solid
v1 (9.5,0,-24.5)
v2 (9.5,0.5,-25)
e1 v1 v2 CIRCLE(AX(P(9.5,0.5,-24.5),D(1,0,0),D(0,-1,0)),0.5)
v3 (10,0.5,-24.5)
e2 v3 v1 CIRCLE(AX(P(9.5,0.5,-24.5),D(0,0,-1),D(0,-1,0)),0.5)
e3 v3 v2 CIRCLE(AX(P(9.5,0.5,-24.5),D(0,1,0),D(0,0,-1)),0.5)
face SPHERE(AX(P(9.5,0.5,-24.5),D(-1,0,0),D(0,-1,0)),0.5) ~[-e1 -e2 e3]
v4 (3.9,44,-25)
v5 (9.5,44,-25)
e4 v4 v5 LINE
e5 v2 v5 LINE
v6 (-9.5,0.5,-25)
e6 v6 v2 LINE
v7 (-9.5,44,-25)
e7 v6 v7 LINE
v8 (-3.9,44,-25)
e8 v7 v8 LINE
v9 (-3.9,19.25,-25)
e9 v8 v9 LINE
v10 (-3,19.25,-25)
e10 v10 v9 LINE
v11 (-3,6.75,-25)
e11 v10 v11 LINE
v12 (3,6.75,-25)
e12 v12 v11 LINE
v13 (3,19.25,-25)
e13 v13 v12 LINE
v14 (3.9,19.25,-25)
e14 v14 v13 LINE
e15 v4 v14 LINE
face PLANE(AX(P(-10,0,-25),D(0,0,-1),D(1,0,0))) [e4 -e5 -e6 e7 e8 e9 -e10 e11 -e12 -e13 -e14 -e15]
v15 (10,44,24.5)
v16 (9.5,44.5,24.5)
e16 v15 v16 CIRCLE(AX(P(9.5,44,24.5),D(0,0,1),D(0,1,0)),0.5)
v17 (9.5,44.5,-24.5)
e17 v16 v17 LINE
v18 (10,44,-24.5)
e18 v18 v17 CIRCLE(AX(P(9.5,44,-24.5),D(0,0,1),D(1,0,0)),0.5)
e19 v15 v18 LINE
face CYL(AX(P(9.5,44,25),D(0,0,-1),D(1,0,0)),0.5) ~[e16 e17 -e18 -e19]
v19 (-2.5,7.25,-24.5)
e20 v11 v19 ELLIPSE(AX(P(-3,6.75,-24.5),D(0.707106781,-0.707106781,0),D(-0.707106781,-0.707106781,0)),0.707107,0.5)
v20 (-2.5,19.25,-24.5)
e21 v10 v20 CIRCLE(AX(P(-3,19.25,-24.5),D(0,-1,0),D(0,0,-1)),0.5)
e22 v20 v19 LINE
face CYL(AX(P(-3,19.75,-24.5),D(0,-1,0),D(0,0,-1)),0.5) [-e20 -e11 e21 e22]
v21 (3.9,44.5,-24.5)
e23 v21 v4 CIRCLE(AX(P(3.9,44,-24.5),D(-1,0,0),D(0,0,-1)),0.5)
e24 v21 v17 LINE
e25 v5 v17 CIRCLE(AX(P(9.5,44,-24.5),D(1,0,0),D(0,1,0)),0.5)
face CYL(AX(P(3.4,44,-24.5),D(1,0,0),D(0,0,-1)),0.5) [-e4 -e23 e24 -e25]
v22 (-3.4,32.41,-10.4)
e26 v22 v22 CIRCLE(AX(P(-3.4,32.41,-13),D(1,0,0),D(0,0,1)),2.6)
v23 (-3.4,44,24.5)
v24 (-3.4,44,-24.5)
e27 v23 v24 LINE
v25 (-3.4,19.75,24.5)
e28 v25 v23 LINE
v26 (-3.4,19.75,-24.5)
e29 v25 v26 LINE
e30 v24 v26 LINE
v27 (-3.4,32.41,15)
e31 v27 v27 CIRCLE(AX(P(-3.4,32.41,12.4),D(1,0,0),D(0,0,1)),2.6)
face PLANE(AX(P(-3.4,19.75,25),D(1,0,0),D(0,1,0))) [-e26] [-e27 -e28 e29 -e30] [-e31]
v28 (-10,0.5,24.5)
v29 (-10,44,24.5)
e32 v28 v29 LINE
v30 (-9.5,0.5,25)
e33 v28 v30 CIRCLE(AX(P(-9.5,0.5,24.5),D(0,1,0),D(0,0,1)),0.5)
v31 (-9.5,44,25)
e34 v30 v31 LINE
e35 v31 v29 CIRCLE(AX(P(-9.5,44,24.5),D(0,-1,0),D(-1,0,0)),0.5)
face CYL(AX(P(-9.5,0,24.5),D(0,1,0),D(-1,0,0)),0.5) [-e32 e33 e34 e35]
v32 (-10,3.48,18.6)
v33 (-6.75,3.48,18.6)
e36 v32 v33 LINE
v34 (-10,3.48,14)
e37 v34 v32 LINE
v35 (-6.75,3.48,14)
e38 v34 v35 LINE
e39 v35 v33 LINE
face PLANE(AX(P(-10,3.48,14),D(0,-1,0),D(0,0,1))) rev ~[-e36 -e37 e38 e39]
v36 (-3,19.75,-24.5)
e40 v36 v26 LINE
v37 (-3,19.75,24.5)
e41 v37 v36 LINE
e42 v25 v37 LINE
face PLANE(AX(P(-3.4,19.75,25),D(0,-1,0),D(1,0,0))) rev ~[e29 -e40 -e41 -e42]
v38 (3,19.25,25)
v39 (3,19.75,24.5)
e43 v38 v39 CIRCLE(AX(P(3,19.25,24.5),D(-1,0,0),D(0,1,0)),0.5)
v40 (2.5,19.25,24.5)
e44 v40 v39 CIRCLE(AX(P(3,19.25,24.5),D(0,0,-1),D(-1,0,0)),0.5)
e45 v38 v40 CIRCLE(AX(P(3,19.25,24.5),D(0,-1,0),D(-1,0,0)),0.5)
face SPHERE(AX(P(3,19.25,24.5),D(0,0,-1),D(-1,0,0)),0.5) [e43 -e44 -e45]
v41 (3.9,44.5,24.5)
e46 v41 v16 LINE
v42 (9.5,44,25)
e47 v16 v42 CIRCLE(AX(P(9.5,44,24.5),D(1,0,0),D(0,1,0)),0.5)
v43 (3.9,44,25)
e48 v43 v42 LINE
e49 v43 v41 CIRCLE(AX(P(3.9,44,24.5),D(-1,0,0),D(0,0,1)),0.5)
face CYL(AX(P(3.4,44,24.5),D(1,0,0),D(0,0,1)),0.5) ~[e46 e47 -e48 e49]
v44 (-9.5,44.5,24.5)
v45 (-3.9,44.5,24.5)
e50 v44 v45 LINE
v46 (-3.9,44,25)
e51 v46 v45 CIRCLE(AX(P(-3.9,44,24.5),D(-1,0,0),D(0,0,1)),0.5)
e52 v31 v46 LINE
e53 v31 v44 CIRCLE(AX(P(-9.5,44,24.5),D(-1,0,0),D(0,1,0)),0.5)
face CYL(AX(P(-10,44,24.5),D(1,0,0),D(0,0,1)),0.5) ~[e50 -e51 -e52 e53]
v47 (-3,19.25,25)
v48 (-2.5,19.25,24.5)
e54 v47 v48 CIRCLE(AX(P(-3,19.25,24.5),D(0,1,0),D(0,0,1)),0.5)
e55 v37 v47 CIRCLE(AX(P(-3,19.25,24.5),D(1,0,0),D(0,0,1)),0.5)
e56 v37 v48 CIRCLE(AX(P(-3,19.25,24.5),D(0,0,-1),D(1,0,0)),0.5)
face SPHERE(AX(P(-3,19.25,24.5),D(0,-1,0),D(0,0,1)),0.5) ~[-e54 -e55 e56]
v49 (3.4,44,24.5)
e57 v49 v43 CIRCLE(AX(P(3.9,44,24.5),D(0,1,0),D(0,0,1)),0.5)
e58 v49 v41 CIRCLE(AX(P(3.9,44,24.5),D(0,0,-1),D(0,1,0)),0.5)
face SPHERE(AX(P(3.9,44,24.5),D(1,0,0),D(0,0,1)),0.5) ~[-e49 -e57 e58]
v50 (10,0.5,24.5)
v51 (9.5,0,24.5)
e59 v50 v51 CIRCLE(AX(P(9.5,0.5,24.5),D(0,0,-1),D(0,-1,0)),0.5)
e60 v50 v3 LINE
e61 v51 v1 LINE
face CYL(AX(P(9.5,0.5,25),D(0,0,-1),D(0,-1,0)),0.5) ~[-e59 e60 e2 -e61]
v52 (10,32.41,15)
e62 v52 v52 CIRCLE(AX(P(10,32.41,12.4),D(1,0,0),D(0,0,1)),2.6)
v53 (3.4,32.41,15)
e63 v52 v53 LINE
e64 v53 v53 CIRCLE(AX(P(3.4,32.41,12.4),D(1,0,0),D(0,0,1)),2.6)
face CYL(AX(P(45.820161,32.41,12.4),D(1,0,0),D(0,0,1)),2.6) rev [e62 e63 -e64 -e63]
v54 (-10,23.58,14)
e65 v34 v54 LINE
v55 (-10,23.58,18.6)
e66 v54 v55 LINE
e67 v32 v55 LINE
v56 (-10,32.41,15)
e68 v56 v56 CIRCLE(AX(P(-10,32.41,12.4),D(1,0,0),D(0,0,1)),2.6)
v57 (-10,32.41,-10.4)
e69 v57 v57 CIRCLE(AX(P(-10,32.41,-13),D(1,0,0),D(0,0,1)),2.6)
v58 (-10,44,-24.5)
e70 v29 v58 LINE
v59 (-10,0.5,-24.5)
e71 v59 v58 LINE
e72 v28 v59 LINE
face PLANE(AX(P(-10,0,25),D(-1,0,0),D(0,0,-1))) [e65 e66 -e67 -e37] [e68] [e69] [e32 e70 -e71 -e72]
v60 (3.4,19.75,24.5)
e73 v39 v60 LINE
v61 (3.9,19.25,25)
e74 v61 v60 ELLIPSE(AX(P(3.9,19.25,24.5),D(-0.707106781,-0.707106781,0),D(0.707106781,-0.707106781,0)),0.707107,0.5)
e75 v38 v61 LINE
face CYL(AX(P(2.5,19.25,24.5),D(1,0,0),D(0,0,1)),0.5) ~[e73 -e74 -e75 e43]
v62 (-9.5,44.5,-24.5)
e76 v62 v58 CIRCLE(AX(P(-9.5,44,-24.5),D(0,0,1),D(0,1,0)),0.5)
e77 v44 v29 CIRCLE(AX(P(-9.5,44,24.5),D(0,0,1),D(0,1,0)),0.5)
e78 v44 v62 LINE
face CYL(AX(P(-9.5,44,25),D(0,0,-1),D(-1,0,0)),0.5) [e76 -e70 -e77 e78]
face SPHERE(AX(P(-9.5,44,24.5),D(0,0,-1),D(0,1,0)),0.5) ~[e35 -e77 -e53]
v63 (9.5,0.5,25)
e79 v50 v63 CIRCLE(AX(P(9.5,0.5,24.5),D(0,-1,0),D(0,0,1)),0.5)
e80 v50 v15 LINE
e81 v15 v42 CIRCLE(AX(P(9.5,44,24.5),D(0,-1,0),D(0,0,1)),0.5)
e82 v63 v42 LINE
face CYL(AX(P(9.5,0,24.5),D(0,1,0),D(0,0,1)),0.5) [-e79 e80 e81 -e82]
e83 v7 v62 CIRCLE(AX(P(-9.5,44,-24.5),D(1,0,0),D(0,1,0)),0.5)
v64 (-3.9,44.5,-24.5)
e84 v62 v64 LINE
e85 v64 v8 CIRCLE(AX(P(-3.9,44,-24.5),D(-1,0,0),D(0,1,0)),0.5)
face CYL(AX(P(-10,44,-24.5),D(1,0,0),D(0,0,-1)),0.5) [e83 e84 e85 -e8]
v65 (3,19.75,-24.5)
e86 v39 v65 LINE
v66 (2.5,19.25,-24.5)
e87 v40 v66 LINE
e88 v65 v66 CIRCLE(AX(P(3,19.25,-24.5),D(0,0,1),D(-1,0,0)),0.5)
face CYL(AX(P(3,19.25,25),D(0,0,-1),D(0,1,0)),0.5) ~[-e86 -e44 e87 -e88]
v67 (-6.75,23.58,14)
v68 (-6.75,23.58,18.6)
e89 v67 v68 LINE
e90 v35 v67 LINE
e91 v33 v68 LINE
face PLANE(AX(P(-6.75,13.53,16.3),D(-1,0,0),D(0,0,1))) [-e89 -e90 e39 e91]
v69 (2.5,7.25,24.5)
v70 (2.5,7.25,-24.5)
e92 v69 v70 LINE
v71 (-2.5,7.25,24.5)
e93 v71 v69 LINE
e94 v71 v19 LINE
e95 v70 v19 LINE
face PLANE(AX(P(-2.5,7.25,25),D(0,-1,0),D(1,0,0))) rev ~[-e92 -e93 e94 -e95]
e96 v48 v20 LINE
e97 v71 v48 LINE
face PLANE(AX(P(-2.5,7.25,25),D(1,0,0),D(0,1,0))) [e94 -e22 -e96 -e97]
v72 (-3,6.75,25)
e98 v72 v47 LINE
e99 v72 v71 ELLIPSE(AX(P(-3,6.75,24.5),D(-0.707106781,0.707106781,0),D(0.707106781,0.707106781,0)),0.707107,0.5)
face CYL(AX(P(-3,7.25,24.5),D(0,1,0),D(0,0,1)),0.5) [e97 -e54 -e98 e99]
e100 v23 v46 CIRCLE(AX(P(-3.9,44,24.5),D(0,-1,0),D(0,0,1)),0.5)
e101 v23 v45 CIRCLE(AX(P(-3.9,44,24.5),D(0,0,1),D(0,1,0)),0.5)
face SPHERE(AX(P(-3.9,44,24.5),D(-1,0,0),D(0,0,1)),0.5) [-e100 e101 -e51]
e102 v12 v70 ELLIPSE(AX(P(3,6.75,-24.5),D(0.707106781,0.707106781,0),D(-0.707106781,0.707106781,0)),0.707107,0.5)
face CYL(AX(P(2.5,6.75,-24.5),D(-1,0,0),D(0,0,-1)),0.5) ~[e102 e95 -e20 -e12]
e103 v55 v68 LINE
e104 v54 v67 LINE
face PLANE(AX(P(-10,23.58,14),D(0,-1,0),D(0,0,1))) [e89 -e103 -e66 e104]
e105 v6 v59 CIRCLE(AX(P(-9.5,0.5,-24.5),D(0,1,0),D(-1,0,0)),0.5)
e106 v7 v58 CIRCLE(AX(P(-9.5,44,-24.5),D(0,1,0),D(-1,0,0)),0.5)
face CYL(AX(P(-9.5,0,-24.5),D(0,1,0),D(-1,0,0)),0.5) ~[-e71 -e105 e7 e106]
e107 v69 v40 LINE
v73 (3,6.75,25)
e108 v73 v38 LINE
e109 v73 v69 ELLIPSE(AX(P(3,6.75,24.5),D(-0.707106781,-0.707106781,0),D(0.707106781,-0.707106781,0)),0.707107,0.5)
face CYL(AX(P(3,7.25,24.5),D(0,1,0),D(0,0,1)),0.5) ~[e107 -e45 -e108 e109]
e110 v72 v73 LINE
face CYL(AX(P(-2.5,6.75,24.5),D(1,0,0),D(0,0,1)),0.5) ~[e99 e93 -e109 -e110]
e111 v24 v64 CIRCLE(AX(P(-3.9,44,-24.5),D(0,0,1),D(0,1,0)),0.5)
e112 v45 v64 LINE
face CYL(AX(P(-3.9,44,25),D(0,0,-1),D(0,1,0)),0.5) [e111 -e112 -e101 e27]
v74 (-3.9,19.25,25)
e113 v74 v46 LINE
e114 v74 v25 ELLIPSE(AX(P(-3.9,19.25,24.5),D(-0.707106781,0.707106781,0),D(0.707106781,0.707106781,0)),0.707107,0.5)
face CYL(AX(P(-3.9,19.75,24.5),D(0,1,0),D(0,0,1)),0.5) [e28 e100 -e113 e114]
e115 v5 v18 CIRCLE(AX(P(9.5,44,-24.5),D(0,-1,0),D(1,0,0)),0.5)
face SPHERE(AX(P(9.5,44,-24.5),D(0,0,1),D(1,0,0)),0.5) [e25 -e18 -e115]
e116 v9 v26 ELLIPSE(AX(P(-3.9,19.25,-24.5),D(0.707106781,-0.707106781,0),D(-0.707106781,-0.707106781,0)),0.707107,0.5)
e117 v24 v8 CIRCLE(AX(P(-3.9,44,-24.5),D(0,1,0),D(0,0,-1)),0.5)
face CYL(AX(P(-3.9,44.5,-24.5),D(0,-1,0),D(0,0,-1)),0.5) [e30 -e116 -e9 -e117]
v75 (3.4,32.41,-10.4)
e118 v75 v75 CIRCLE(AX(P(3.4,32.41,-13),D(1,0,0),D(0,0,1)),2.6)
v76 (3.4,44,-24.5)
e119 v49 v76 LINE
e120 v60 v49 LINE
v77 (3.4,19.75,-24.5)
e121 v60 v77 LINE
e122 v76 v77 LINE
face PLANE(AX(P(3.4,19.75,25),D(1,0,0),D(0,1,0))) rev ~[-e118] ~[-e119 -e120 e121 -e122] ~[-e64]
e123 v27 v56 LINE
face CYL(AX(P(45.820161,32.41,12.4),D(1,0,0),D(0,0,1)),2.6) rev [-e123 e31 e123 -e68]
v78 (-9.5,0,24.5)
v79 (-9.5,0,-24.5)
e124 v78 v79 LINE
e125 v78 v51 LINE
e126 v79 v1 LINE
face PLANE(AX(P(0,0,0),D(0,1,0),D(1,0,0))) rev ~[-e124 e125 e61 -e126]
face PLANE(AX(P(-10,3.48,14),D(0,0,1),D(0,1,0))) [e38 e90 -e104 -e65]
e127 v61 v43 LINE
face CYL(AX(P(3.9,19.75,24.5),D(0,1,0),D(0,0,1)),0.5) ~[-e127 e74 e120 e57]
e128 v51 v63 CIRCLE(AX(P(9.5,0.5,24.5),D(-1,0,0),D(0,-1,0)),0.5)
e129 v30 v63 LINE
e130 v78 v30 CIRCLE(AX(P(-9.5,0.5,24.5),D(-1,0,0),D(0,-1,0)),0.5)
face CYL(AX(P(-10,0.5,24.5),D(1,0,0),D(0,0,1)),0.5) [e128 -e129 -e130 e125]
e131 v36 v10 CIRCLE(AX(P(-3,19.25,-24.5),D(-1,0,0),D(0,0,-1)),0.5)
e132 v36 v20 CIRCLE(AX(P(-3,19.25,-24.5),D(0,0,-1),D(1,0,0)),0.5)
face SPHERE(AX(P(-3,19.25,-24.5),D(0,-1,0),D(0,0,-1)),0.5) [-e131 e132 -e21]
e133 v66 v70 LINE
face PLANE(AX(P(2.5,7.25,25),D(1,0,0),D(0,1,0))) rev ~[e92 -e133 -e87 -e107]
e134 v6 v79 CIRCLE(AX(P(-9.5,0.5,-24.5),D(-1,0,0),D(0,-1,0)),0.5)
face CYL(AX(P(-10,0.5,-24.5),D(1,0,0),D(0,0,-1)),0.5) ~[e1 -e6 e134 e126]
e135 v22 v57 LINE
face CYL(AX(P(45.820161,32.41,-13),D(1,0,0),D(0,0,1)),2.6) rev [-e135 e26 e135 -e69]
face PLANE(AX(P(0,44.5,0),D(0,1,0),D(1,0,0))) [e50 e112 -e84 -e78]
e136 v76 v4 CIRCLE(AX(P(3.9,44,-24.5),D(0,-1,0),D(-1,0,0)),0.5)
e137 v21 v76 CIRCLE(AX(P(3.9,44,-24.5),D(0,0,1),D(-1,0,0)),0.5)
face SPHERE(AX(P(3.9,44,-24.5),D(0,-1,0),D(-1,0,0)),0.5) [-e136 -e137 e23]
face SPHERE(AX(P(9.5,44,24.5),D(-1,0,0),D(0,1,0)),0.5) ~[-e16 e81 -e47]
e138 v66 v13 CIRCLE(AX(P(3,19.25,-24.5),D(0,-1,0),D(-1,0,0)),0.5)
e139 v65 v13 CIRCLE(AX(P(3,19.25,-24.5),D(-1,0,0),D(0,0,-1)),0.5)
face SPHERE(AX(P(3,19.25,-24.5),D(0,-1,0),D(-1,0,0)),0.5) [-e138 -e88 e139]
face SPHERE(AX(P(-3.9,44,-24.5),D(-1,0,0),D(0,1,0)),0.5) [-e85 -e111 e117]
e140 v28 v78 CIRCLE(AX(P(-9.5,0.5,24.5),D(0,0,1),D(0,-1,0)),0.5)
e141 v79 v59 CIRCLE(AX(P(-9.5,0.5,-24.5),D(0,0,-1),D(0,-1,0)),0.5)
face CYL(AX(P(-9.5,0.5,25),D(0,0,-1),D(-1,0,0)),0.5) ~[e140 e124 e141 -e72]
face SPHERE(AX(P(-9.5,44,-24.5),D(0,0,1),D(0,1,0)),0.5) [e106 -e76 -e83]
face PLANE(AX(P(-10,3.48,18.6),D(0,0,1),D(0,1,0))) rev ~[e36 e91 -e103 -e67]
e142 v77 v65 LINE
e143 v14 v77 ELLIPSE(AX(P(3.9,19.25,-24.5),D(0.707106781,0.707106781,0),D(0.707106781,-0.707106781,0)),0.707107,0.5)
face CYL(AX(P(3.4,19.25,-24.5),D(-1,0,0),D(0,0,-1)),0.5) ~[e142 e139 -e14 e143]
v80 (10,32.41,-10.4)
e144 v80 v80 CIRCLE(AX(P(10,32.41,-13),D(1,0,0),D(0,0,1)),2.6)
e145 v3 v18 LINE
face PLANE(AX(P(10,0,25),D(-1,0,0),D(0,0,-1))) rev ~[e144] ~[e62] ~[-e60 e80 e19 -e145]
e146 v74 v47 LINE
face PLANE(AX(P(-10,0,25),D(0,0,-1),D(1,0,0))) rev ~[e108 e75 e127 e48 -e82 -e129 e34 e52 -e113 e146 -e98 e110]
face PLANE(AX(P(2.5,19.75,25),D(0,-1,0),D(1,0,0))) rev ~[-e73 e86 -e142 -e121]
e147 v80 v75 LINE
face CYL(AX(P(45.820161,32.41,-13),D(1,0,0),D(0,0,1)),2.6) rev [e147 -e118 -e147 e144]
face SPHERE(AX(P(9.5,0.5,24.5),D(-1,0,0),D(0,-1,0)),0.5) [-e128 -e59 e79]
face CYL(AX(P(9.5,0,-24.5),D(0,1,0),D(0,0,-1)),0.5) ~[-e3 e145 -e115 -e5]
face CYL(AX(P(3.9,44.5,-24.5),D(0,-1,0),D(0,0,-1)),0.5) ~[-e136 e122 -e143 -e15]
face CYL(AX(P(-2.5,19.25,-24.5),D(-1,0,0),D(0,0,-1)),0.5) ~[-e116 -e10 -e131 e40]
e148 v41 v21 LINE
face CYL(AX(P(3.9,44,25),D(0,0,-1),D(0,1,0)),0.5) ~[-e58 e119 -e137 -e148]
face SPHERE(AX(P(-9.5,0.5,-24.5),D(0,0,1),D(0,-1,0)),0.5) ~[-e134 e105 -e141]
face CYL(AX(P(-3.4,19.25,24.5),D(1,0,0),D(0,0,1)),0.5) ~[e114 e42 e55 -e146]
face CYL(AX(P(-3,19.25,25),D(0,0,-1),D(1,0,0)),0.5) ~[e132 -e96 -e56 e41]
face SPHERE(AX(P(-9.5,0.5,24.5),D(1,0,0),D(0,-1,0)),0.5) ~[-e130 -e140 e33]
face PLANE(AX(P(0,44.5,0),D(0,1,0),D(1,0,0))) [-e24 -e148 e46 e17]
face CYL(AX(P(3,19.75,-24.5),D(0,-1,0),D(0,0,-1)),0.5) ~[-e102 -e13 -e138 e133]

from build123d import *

# Parameters (mm, degrees)
SKETCH2_W               = 20
SKETCH2_H               = 50
BOSS_EXTRUDE1_DEPTH     = 44.5
SKETCH3_W               = 6.8
SKETCH3_H               = 24.75
SKETCH3_W_2             = 5
SKETCH3_H_2             = 12.5
CUT_EXTRUDE3_DEPTH      = 68.677544282
FILLET1_R               = 0.5
SKETCH7_W               = 4.6
SKETCH7_H               = 20.1
CUT_EXTRUDE4_DEPTH      = 3.25
CUT_EXTRUDE5_DEPTH      = 55.820160525
CUT_EXTRUDE5_DEPTH_BACK = 55.820160525
SKETCH8_R               = 2.6


with BuildPart() as part:
    # Sketch2 → Boss-Extrude1 (new body)
    with BuildSketch(Plane(origin=(0, 0, 0), x_dir=(1, 0, 0), z_dir=(0, 1, 0))):
        Rectangle(SKETCH2_W, SKETCH2_H)
    extrude(amount=BOSS_EXTRUDE1_DEPTH)

    # Sketch3 → Cut-Extrude3 (cut, through all)
    with BuildSketch(Plane.XY.offset(25)):
        with Locations((0, 32.125)):
            Rectangle(SKETCH3_W, SKETCH3_H)
        with Locations((0, 13.5)):
            Rectangle(SKETCH3_W_2, SKETCH3_H_2)
    extrude(amount=-CUT_EXTRUDE3_DEPTH, mode=Mode.SUBTRACT)

    # Fillet1
    fillet1_edges = [part.edges().sort_by_distance(p)[0] for p in [
        (-10, 44.5, 0),
        (-6.7, 44.5, -25),
        (6.7, 44.5, 25),
        (-6.7, 44.5, 25),
        (0, 7.25, -25),
        (-2.5, 13.5, 25),
        (2.5, 13.5, -25),
        (2.5, 19.75, 0),
        (-2.5, 13.5, -25),
        (3.4, 32.125, -25),
        (0, 7.25, 25),
        (2.5, 13.5, 25),
        (2.95, 19.75, 25),
        (-3.4, 32.125, 25),
        (-2.95, 19.75, 25),
        (-3.4, 44.5, 0),
        (3.4, 32.125, 25),
        (3.4, 44.5, 0),
        (-3.4, 32.125, -25),
        (-2.95, 19.75, -25),
        (-2.5, 19.75, 0),
        (2.95, 19.75, -25),
        (10, 44.5, 0),
        (0, 0, 25),
        (-10, 0, 0),
        (0, 0, -25),
        (10, 0, 0),
        (10, 22.25, 25),
        (-10, 22.25, 25),
        (-10, 22.25, -25),
        (10, 22.25, -25),
        (6.7, 44.5, -25),
    ]]
    fillet(fillet1_edges, radius=FILLET1_R)

    # Sketch7 → Cut-Extrude4 (cut)
    with BuildSketch(Plane.ZY.offset(10)):
        with Locations((16.3, 13.53)):
            Rectangle(SKETCH7_W, SKETCH7_H)
    extrude(amount=-CUT_EXTRUDE4_DEPTH, mode=Mode.SUBTRACT)

    # Sketch8 → Cut-Extrude5 (cut, two sides: drawn at the far end of the back side and taken through both)
    with BuildSketch(Plane.ZY.offset(10).offset(-CUT_EXTRUDE5_DEPTH_BACK)):
        with Locations((-13, 32.41)):
            Circle(SKETCH8_R)
        with Locations((12.4, 32.41)):
            Circle(SKETCH8_R)
    extrude(amount=CUT_EXTRUDE5_DEPTH + CUT_EXTRUDE5_DEPTH_BACK, mode=Mode.SUBTRACT)


solid = part.part
